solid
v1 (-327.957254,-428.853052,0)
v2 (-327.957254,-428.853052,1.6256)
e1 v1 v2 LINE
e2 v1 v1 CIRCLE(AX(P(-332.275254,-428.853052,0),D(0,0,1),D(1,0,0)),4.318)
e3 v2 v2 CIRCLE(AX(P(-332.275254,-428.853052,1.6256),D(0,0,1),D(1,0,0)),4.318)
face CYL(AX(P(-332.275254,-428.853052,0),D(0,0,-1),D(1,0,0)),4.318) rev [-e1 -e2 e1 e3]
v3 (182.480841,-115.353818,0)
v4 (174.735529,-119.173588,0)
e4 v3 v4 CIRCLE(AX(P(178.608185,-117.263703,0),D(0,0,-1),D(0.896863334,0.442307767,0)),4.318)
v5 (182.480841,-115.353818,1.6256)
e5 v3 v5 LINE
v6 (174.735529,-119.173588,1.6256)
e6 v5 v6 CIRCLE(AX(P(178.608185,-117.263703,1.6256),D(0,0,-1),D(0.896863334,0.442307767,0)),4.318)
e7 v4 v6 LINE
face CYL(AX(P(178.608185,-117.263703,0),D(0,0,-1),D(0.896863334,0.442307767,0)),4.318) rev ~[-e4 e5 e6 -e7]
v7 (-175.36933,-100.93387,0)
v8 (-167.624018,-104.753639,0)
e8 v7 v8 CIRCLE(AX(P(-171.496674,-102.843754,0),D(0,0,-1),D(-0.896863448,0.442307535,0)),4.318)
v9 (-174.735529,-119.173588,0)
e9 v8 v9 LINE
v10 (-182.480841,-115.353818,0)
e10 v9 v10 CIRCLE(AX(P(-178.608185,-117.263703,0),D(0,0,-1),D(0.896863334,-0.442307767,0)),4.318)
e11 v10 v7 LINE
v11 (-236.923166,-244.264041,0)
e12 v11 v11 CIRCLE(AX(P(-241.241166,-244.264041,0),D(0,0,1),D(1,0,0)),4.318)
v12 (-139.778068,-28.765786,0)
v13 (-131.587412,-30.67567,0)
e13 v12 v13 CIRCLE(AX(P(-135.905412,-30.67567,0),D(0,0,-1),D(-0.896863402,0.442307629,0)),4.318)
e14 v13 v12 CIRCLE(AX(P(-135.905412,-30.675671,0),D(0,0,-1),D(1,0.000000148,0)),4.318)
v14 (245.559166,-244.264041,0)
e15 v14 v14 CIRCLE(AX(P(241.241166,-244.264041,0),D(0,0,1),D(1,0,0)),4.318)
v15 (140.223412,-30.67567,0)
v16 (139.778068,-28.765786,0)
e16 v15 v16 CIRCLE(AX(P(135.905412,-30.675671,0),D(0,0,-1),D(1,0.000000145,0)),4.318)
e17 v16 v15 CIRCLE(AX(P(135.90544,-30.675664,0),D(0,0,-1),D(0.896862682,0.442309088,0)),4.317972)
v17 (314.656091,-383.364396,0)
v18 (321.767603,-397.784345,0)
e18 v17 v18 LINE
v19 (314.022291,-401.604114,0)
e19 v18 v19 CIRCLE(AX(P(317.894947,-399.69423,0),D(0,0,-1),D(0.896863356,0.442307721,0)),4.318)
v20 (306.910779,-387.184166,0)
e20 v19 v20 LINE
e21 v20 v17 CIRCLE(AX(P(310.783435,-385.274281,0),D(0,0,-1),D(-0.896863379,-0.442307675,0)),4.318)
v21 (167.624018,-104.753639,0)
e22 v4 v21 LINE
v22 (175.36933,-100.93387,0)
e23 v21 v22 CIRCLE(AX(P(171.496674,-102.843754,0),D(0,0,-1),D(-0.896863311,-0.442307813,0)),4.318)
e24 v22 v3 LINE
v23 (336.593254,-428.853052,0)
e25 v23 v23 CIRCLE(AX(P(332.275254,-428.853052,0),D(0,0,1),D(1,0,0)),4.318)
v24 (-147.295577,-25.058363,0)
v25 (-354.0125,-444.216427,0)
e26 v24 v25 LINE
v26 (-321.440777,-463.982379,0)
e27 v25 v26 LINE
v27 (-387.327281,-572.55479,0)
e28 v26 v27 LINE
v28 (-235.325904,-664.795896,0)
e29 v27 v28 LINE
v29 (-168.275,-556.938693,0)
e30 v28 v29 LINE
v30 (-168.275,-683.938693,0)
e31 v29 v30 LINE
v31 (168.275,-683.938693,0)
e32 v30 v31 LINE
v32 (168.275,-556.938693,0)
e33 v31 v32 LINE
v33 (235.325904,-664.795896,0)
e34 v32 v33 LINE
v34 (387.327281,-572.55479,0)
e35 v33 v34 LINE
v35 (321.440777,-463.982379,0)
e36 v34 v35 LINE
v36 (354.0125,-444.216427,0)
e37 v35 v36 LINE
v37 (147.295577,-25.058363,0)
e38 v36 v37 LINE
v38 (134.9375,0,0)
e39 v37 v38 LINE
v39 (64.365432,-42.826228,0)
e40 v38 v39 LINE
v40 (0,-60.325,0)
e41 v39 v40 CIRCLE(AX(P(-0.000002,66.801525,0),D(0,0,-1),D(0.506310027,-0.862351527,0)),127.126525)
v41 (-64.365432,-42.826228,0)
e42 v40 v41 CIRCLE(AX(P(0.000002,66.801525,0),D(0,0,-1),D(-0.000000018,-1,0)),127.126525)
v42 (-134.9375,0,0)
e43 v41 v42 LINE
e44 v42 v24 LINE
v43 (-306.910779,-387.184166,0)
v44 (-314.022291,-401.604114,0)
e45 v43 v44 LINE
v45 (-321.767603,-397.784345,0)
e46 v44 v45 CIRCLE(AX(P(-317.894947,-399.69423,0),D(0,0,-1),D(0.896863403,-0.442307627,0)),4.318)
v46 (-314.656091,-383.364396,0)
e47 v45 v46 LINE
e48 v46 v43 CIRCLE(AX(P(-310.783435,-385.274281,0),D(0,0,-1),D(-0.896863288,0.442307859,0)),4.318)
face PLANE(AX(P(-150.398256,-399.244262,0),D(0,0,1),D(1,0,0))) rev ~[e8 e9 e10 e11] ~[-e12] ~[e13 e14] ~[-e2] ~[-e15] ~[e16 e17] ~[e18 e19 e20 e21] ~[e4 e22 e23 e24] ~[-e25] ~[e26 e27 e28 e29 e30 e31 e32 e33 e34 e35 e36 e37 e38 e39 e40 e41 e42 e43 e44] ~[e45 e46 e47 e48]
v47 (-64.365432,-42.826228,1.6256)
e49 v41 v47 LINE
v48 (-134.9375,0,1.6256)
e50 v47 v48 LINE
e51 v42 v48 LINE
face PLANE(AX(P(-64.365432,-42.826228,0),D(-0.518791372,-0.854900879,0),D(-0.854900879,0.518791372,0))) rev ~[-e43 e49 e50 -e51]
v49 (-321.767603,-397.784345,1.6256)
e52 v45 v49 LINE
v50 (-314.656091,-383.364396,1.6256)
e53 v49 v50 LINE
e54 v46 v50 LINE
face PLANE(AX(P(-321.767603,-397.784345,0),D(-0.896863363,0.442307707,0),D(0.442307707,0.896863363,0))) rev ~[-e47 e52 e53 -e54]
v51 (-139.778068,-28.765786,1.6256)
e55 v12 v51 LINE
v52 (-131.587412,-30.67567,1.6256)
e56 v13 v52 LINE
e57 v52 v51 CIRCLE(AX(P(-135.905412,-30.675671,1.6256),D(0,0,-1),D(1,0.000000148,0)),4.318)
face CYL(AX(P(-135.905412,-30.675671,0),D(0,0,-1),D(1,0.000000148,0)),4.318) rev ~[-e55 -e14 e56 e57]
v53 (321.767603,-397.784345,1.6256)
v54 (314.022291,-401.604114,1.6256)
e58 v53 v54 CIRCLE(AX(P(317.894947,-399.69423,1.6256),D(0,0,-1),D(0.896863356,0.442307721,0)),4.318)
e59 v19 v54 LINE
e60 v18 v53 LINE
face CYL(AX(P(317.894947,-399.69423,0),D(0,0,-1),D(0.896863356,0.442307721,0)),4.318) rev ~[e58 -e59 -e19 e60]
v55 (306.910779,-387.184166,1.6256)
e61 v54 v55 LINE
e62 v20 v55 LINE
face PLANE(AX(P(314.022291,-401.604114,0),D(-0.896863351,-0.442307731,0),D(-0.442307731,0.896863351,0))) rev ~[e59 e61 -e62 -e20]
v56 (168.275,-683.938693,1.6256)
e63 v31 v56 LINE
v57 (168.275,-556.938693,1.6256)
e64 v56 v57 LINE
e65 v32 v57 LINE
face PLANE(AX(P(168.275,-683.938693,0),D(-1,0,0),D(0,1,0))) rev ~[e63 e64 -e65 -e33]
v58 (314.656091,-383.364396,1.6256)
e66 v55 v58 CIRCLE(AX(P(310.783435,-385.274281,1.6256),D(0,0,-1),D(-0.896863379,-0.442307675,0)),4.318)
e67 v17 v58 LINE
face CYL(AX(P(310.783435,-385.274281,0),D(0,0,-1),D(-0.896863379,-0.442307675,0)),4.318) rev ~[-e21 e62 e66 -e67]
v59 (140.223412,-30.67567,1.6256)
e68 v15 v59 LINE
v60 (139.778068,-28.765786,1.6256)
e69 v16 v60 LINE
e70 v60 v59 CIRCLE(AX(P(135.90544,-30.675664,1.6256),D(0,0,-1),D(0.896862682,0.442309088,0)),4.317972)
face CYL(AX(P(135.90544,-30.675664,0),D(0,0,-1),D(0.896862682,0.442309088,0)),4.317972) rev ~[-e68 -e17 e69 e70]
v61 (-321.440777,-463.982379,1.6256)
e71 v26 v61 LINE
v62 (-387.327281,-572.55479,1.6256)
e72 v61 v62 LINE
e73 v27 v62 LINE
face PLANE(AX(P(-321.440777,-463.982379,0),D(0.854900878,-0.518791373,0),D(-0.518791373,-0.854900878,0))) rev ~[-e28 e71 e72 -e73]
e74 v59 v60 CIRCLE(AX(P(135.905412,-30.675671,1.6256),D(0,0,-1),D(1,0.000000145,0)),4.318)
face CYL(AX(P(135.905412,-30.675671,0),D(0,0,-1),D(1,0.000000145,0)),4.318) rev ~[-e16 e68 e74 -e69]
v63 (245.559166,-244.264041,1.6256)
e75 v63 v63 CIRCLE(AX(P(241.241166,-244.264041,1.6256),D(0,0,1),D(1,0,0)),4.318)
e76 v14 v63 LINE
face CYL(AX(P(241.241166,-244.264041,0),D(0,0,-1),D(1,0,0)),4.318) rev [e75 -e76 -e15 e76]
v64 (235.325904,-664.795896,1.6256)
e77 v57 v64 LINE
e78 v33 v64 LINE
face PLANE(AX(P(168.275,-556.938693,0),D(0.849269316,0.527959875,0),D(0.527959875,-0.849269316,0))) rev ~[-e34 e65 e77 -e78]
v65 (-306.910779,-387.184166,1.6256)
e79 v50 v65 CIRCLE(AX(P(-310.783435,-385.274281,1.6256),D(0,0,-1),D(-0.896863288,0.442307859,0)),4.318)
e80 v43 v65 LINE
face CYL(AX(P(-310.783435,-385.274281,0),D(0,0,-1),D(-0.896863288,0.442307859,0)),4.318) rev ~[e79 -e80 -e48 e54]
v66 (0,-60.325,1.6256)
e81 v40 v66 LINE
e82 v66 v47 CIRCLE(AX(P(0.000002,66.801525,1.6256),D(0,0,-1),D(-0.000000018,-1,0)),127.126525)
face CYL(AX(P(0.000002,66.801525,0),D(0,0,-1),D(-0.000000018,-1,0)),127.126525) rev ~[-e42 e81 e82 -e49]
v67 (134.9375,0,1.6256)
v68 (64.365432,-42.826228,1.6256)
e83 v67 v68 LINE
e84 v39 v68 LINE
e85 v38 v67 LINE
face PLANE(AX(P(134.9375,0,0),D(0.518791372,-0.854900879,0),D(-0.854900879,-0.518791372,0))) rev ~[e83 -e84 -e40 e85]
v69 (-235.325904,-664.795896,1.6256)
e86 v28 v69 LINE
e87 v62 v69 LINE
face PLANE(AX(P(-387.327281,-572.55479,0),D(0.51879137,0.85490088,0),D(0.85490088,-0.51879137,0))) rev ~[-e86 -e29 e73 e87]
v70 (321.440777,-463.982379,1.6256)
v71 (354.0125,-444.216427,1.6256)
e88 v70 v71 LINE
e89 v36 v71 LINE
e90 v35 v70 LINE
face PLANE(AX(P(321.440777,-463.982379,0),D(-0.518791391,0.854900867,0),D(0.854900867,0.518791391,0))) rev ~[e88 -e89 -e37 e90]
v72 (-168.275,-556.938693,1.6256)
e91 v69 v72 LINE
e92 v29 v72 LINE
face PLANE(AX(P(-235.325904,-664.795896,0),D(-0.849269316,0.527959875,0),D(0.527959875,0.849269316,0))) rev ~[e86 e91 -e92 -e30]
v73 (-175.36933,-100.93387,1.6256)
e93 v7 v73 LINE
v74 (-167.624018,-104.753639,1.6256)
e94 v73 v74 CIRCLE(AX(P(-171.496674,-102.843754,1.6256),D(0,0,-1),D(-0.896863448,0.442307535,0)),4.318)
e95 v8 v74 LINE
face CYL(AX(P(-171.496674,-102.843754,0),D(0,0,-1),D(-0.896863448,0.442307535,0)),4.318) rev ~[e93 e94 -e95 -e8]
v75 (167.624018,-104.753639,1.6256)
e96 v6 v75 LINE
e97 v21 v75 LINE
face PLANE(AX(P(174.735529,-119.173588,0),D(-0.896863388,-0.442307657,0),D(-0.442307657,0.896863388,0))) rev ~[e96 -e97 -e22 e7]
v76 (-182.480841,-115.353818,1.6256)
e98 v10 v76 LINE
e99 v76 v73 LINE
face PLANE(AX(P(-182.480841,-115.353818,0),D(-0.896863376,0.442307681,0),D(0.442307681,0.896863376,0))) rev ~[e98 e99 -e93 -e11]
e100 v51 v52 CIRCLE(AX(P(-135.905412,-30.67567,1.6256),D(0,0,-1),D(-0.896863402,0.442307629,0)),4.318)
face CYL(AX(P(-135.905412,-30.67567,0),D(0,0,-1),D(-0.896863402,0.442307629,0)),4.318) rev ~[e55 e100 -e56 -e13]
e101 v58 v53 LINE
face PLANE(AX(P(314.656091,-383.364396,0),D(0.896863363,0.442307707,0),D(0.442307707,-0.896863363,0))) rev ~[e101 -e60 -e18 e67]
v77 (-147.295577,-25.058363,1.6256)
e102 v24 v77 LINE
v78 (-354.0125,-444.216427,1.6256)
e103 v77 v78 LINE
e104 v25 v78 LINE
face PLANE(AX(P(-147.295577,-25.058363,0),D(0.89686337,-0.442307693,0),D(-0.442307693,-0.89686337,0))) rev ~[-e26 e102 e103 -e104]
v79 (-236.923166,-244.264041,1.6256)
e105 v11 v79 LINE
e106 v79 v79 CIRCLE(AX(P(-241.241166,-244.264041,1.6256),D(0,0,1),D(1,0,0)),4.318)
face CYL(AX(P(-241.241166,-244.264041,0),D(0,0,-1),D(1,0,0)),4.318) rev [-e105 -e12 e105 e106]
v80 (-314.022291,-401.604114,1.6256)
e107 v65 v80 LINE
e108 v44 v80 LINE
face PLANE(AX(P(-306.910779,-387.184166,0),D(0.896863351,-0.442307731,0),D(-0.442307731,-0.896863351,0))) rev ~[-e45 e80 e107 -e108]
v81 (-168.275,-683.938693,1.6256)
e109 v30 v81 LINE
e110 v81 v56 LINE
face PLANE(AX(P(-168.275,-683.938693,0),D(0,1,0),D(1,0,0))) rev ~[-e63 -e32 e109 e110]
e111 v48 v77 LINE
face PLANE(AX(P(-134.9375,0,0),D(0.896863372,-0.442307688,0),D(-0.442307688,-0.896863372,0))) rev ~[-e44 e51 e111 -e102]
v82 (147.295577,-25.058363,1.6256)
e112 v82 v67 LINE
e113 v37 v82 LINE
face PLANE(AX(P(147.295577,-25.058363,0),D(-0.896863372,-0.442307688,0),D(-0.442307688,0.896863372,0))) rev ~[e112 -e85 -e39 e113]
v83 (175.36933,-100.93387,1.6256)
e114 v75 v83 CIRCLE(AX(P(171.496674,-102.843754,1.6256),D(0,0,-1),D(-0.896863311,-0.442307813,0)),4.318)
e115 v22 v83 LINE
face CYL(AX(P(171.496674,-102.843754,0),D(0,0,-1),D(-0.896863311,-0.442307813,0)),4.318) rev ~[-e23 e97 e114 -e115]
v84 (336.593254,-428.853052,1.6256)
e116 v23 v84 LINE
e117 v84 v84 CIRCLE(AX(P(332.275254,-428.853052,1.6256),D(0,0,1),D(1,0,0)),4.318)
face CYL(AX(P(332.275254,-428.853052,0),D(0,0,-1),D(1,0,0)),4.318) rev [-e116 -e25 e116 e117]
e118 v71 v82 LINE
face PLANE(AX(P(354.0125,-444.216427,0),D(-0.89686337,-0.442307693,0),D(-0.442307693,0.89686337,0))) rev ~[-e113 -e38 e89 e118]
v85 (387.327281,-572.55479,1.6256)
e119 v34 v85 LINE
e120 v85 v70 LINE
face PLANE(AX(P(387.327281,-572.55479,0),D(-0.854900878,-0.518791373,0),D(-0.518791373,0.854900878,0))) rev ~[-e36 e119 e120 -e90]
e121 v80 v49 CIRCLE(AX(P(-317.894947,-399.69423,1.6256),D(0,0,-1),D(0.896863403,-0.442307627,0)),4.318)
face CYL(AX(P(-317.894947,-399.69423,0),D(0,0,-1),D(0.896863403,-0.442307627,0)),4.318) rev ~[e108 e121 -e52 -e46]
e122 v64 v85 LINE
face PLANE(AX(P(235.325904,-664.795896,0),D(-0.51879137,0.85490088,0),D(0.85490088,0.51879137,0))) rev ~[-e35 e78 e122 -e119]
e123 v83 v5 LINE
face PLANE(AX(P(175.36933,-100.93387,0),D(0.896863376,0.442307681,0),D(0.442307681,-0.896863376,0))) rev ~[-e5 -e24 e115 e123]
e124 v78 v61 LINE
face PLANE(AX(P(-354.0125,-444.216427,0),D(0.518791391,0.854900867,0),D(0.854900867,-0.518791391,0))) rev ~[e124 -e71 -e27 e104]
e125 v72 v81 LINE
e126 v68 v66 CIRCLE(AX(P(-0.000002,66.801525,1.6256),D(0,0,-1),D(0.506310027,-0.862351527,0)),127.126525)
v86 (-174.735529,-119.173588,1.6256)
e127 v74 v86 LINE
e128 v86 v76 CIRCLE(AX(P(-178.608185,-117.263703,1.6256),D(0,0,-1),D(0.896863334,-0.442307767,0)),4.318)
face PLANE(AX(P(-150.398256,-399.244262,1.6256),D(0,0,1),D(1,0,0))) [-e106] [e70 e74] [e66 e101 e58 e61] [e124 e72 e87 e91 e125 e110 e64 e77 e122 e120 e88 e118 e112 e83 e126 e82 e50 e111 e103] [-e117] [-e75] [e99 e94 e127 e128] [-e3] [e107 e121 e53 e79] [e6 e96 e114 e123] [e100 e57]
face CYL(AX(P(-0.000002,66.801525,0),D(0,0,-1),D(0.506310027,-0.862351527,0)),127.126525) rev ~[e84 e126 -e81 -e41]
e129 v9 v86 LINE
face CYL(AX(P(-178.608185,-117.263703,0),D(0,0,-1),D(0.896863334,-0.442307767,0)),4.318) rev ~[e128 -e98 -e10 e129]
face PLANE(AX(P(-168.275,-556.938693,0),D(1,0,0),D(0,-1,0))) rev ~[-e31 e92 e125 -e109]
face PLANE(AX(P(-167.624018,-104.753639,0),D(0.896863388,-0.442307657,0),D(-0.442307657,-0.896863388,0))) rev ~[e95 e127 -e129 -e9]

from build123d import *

# Parameters (mm, degrees)
F0_R     = 4.318
F1_DEPTH = 1.6256


with BuildPart() as f1:
    # F0 (on Top) → F1 (new body)
    with BuildSketch(Plane.XY):
        with BuildLine():
            Line((-64.365432, -42.826228), (-134.9375, 0))
            Line((-134.9375, 0), (-147.295577, -25.058363))
            Line((-147.295577, -25.058363), (-354.0125, -444.216427))
            Line((-354.0125, -444.216427), (-321.440777, -463.982379))
            Line((-321.440777, -463.982379), (-387.327281, -572.55479))
            Line((-387.327281, -572.55479), (-235.325904, -664.795896))
            Line((-235.325904, -664.795896), (-168.275, -556.938693))
            Line((-168.275, -556.938693), (-168.275, -683.938693))
            Line((-168.275, -683.938693), (0, -683.938693))
            Line((0, -683.938693), (0, -416.218132))
            Line((0, -416.218132), (0, -60.325))
            ThreePointArc((0, -60.325), (-33.350847, -55.872328), (-64.365432, -42.826228))
        make_face()
        with Locations((-332.275254, -428.853052)):
            Circle(F0_R, mode=Mode.SUBTRACT)
        with BuildLine():
            ThreePointArc((-314.022291, -401.604114), (-319.804831, -403.566886), (-321.767603, -397.784345))
            Line((-321.767603, -397.784345), (-314.656091, -383.364396))
            ThreePointArc((-314.656091, -383.364396), (-308.873551, -381.401625), (-306.910779, -387.184166))
            Line((-306.910779, -387.184166), (-314.022291, -401.604114))
        make_face(mode=Mode.SUBTRACT)
        with Locations((-241.241166, -244.264041)):
            Circle(F0_R, mode=Mode.SUBTRACT)
        with BuildLine():
            ThreePointArc((-175.36933, -100.93387), (-169.586789, -98.971098), (-167.624018, -104.753639))
            Line((-167.624018, -104.753639), (-174.735529, -119.173588))
            ThreePointArc((-174.735529, -119.173588), (-180.51807, -121.136359), (-182.480841, -115.353818))
            Line((-182.480841, -115.353818), (-175.36933, -100.93387))
        make_face(mode=Mode.SUBTRACT)
        with BuildLine():
            ThreePointArc((-131.587412, -30.67567), (-136.885972, -34.880861), (-139.778068, -28.765786))
            ThreePointArc((-139.778068, -28.765786), (-134.924852, -26.47048), (-131.587412, -30.67567))
        make_face(mode=Mode.SUBTRACT)
        with BuildLine():
            Line((147.295577, -25.058363), (134.9375, 0))
            Line((134.9375, 0), (64.365432, -42.826228))
            ThreePointArc((64.365432, -42.826228), (33.350847, -55.872328), (0, -60.325))
            Line((0, -60.325), (0, -416.218132))
            Line((0, -416.218132), (0, -683.938693))
            Line((0, -683.938693), (168.275, -683.938693))
            Line((168.275, -683.938693), (168.275, -556.938693))
            Line((168.275, -556.938693), (235.325904, -664.795896))
            Line((235.325904, -664.795896), (387.327281, -572.55479))
            Line((387.327281, -572.55479), (321.440777, -463.982379))
            Line((321.440777, -463.982379), (354.0125, -444.216427))
            Line((354.0125, -444.216427), (147.295577, -25.058363))
        make_face()
        with Locations((332.275254, -428.853052)):
            Circle(F0_R, mode=Mode.SUBTRACT)
        with BuildLine():
            Line((314.656091, -383.364396), (321.767603, -397.784345))
            ThreePointArc((321.767603, -397.784345), (319.804831, -403.566886), (314.022291, -401.604114))
            Line((314.022291, -401.604114), (306.910779, -387.184166))
            ThreePointArc((306.910779, -387.184166), (308.873551, -381.401625), (314.656091, -383.364396))
        make_face(mode=Mode.SUBTRACT)
        with Locations((241.241166, -244.264041)):
            Circle(F0_R, mode=Mode.SUBTRACT)
        with BuildLine():
            ThreePointArc((182.480841, -115.353818), (180.51807, -121.136359), (174.735529, -119.173588))
            Line((174.735529, -119.173588), (167.624018, -104.753639))
            ThreePointArc((167.624018, -104.753639), (169.586789, -98.971098), (175.36933, -100.93387))
            Line((175.36933, -100.93387), (182.480841, -115.353818))
        make_face(mode=Mode.SUBTRACT)
        with BuildLine():
            ThreePointArc((140.223412, -30.67567), (131.700222, -31.65623), (139.778068, -28.765786))
            ThreePointArc((139.778068, -28.765786), (140.110603, -29.69511), (140.223412, -30.67567))
        make_face(mode=Mode.SUBTRACT)
    extrude(amount=F1_DEPTH)


solid = f1.part
